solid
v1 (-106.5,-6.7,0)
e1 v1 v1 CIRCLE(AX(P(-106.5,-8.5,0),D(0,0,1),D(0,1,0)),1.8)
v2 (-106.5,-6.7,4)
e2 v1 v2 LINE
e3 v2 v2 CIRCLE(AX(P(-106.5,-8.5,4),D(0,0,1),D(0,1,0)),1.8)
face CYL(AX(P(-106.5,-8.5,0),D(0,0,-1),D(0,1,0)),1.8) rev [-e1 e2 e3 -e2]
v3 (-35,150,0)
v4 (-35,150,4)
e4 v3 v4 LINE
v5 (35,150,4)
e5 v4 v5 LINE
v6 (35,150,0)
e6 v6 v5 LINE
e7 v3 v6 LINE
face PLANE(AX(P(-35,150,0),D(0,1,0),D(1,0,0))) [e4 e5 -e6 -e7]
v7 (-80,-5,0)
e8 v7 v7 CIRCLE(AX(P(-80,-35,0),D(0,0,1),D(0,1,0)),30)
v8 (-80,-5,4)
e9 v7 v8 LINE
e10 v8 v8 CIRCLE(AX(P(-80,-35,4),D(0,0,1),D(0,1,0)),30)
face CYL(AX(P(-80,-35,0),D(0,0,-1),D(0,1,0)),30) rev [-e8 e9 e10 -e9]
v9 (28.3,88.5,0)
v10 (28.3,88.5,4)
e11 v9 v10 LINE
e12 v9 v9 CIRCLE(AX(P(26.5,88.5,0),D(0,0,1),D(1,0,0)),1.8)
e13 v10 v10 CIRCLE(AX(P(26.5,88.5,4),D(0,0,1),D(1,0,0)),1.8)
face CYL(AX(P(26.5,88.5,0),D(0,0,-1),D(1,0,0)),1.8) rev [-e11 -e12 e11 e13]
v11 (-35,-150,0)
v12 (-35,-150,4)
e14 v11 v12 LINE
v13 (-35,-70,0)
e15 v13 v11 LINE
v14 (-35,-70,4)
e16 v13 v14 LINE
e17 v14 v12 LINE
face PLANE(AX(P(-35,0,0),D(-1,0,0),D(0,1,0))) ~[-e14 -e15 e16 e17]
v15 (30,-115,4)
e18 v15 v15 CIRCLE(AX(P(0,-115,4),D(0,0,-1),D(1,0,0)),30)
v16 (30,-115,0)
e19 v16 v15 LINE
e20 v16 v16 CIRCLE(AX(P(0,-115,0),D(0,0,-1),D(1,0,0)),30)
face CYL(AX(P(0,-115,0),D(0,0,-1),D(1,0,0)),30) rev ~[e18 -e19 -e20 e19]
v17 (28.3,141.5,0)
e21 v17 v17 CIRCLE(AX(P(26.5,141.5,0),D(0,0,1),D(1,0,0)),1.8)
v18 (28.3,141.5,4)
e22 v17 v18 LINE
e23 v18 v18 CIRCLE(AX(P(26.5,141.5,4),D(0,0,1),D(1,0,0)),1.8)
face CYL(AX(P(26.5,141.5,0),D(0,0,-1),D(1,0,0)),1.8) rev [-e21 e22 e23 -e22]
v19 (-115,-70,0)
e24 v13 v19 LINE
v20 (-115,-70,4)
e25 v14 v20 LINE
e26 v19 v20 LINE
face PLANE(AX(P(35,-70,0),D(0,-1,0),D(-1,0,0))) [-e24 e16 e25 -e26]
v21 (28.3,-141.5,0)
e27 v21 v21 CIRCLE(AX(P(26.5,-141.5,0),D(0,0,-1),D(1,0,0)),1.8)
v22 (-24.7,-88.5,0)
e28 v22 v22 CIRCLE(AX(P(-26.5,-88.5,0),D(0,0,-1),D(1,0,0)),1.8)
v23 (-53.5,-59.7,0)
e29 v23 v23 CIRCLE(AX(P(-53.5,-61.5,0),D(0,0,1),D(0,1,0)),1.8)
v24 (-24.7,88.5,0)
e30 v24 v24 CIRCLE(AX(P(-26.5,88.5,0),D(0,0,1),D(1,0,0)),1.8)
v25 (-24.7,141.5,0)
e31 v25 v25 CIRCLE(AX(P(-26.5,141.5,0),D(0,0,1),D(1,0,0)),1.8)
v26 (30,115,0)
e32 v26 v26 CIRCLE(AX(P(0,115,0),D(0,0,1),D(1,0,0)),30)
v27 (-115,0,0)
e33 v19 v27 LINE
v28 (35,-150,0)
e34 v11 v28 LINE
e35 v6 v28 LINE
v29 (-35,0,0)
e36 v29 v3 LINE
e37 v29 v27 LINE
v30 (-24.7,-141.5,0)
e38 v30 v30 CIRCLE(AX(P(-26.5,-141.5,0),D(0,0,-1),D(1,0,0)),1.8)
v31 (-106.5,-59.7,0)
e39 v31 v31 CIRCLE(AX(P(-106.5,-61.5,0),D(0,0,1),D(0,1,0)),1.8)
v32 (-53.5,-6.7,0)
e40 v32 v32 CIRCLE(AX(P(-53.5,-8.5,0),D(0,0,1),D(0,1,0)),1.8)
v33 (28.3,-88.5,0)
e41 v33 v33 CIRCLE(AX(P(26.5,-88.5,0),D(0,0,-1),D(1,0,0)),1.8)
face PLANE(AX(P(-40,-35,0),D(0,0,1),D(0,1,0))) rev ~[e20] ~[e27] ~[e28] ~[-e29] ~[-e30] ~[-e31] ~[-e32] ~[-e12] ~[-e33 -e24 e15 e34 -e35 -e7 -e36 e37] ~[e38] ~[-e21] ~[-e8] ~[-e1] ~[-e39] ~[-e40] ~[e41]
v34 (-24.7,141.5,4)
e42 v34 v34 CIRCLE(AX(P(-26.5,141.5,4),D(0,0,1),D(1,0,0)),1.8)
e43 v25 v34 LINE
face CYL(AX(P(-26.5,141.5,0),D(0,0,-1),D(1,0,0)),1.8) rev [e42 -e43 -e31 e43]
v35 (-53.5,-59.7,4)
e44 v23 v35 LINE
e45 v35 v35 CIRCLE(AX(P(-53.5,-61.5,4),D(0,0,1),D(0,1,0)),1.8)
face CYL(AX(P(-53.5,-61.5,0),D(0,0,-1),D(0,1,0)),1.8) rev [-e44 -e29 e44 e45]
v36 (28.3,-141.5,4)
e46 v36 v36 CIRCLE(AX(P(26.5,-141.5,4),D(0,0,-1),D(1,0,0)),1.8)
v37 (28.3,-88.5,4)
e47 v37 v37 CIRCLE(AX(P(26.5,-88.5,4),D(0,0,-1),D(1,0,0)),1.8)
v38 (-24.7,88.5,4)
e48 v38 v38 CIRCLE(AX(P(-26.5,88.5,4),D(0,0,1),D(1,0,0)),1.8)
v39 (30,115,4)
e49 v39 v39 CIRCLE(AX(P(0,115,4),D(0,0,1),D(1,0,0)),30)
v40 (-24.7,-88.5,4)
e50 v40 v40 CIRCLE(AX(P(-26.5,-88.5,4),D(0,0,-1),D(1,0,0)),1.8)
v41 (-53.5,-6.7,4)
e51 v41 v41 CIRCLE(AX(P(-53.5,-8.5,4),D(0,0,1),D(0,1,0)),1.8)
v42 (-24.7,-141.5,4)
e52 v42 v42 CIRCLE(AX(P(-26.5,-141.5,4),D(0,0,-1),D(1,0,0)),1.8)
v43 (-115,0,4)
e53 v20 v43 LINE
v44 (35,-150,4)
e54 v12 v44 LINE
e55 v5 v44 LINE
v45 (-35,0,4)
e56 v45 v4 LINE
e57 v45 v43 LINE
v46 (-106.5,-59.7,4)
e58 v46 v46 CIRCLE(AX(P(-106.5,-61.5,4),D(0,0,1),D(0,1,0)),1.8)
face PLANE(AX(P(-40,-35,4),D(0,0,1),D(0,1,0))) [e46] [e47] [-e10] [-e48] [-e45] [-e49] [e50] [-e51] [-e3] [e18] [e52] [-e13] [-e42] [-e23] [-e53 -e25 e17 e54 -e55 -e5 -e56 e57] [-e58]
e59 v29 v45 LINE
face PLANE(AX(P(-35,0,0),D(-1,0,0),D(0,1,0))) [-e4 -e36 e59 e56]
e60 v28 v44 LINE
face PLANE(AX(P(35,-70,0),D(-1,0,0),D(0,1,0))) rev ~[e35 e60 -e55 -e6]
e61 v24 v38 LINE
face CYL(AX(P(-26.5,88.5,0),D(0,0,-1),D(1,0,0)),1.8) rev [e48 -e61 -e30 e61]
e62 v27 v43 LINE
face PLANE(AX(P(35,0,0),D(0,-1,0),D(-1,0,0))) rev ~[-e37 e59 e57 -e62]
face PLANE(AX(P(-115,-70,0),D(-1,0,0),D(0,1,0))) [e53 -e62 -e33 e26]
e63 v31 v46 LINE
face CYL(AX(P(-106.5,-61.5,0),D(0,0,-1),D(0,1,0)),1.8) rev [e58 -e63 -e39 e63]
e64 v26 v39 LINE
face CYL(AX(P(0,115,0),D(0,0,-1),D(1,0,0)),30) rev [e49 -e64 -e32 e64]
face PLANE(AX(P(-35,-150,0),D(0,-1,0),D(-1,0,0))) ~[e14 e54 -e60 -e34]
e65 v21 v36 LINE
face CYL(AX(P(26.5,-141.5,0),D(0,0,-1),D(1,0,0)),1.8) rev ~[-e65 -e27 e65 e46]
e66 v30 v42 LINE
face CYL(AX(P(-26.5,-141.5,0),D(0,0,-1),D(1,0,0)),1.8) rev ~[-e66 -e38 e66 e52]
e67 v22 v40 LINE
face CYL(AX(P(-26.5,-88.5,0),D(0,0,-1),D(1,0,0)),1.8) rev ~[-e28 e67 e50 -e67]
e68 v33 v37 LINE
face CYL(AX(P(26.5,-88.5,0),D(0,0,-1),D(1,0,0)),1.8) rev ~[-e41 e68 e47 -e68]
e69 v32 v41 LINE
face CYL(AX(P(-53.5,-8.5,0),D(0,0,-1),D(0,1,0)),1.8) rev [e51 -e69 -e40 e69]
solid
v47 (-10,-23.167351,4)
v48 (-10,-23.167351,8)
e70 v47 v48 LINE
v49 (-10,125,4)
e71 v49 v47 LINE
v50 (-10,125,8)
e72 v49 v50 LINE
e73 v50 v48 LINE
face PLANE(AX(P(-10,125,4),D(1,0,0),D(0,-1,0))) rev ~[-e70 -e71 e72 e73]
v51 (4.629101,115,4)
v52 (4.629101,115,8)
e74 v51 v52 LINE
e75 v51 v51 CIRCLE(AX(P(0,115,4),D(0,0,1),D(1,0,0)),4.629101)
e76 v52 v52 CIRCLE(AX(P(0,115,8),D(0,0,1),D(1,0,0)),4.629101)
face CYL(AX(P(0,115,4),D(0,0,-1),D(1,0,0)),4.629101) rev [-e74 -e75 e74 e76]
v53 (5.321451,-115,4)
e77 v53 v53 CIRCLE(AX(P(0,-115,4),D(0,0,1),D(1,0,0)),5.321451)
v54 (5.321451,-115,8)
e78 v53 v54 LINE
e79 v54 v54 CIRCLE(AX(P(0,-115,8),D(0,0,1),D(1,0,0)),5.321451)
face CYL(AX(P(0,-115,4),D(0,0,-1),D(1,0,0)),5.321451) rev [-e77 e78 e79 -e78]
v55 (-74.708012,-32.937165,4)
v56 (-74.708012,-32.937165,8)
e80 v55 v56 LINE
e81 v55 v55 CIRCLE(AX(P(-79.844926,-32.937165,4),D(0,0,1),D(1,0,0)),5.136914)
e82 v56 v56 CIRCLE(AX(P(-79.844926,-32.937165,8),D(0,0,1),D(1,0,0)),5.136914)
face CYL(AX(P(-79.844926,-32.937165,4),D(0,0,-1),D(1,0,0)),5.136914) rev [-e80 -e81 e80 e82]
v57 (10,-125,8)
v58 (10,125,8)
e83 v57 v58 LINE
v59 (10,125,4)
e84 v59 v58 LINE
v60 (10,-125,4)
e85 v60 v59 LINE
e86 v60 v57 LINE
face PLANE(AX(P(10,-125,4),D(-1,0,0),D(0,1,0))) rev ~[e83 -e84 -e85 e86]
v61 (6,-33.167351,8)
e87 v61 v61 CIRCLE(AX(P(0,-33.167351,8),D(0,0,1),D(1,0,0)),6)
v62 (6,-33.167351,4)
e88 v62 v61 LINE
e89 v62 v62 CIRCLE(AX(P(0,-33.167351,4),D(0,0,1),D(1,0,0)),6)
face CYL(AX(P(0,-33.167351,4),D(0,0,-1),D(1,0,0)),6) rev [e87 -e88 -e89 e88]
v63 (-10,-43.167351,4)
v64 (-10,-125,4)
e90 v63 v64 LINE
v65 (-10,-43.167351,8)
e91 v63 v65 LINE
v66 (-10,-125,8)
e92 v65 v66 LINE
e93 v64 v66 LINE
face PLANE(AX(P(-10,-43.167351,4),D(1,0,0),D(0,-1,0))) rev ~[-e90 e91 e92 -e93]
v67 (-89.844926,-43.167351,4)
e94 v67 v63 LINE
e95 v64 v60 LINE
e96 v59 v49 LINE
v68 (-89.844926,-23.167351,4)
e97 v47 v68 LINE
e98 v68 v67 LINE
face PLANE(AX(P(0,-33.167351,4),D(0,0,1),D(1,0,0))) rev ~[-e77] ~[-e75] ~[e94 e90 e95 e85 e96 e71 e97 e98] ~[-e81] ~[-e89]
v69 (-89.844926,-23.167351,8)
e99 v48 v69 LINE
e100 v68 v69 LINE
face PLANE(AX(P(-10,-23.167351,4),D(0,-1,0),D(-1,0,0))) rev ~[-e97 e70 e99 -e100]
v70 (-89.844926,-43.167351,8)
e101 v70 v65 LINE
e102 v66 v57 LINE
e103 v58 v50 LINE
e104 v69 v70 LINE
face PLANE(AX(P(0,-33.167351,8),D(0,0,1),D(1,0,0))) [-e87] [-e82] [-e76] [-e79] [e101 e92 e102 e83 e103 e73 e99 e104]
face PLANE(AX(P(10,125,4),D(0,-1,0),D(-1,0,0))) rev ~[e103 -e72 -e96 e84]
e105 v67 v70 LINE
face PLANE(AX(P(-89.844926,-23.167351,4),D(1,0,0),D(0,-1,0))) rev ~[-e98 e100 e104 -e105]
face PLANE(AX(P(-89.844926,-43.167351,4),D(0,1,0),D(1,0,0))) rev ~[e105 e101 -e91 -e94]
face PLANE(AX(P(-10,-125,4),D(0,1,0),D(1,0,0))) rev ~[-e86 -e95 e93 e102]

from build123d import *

# Parameters (mm, degrees)
F0_W     = 70
F0_H     = 150
F0_R     = 1.8
F0_R_2   = 30
F1_DEPTH = 4
F3_ANGLE = 270
F5_W     = 20
F5_H     = 20
F5_R     = 6
F5_R_2   = 5.3214513589
F5_R_3   = 5.1369141006
F5_R_4   = 4.6291012192
F6_DEPTH = 4


with BuildPart() as f1:
    # F0 (on Top) → F1 (new body)
    with BuildSketch(Plane.XY):
        with Locations((0, 75)):
            Rectangle(F0_W, F0_H)
        with Locations((-26.5, 88.5)):
            Circle(F0_R, mode=Mode.SUBTRACT)
        with Locations((-26.5, 141.5)):
            Circle(F0_R, mode=Mode.SUBTRACT)
        with Locations((26.5, 88.5)):
            Circle(F0_R, mode=Mode.SUBTRACT)
        with Locations((0, 115)):
            Circle(F0_R_2, mode=Mode.SUBTRACT)
        with Locations((26.5, 141.5)):
            Circle(F0_R, mode=Mode.SUBTRACT)
    extrude(amount=F1_DEPTH)


with BuildPart() as f2_1:
    # F2: instance of F1
    add(f1.part.mirror(Plane.XZ))


with BuildPart() as f3_1:
    # F3: copy of F1
    add(f1.part.rotate(Axis((35, 0, 2), (0, 0, -1)), F3_ANGLE))


with BuildPart() as f1_1:
    add(f1.part)

    # F4: union F3_1, F2_1
    add(f3_1.part)
    add(f2_1.part)


with BuildPart() as f6:
    # F5 (on face) → F6 (new body)
    with BuildSketch(Plane.XY.offset(4)):
        with Locations((0, -33.1673508024)):
            Rectangle(F5_W, F5_H)
        with Locations((0, -33.1673508024)):
            Circle(F5_R, mode=Mode.SUBTRACT)
        with BuildLine():
            Line((10, -43.1673508024), (-10, -43.1673508024))
            Line((-10, -43.1673508024), (-10, -86.7157287525))
            ThreePointArc((-10, -86.7157287525), (0, -85), (10, -86.7157287525))
            Line((10, -86.7157287525), (10, -43.1673508024))
        make_face()
        with BuildLine():
            ThreePointArc((10, -86.7157287525), (0, -85), (-10, -86.7157287525))
            Line((-10, -86.7157287525), (-10, -125))
            Line((-10, -125), (10, -125))
            Line((10, -125), (10, -86.7157287525))
        make_face()
        with Locations((0, -115)):
            Circle(F5_R_2, mode=Mode.SUBTRACT)
        with BuildLine():
            Line((-10, -43.1673508024), (-10, -23.1673508024))
            Line((-10, -23.1673508024), (-52.4321126496, -23.1673508024))
            ThreePointArc((-52.4321126496, -23.1673508024), (-50.6143179379, -28.9599925709), (-50, -35))
            ThreePointArc((-50, -35), (-50.2846406445, -39.1227925454), (-51.1331612248, -43.1673508024))
            Line((-51.1331612248, -43.1673508024), (-10, -43.1673508024))
        make_face()
        with BuildLine():
            ThreePointArc((-50, -35), (-50.6143179379, -28.9599925709), (-52.4321126496, -23.1673508024))
            Line((-52.4321126496, -23.1673508024), (-89.8449262611, -23.1673508024))
            Line((-89.8449262611, -23.1673508024), (-89.8449262611, -43.1673508024))
            Line((-89.8449262611, -43.1673508024), (-51.1331612248, -43.1673508024))
            ThreePointArc((-51.1331612248, -43.1673508024), (-50.2846406445, -39.1227925454), (-50, -35))
        make_face()
        with Locations((-79.8449262611, -32.9371653497)):
            Circle(F5_R_3, mode=Mode.SUBTRACT)
        with BuildLine():
            ThreePointArc((10, 86.7157287525), (0, 85), (-10, 86.7157287525))
            Line((-10, 86.7157287525), (-10, -23.1673508024))
            Line((-10, -23.1673508024), (10, -23.1673508024))
            Line((10, -23.1673508024), (10, 86.7157287525))
        make_face()
        with BuildLine():
            Line((10, 125), (-10, 125))
            Line((-10, 125), (-10, 86.7157287525))
            ThreePointArc((-10, 86.7157287525), (0, 85), (10, 86.7157287525))
            Line((10, 86.7157287525), (10, 125))
        make_face()
        with Locations((0, 115)):
            Circle(F5_R_4, mode=Mode.SUBTRACT)
    extrude(amount=F6_DEPTH)


solid = Compound([f1_1.part, f6.part])
